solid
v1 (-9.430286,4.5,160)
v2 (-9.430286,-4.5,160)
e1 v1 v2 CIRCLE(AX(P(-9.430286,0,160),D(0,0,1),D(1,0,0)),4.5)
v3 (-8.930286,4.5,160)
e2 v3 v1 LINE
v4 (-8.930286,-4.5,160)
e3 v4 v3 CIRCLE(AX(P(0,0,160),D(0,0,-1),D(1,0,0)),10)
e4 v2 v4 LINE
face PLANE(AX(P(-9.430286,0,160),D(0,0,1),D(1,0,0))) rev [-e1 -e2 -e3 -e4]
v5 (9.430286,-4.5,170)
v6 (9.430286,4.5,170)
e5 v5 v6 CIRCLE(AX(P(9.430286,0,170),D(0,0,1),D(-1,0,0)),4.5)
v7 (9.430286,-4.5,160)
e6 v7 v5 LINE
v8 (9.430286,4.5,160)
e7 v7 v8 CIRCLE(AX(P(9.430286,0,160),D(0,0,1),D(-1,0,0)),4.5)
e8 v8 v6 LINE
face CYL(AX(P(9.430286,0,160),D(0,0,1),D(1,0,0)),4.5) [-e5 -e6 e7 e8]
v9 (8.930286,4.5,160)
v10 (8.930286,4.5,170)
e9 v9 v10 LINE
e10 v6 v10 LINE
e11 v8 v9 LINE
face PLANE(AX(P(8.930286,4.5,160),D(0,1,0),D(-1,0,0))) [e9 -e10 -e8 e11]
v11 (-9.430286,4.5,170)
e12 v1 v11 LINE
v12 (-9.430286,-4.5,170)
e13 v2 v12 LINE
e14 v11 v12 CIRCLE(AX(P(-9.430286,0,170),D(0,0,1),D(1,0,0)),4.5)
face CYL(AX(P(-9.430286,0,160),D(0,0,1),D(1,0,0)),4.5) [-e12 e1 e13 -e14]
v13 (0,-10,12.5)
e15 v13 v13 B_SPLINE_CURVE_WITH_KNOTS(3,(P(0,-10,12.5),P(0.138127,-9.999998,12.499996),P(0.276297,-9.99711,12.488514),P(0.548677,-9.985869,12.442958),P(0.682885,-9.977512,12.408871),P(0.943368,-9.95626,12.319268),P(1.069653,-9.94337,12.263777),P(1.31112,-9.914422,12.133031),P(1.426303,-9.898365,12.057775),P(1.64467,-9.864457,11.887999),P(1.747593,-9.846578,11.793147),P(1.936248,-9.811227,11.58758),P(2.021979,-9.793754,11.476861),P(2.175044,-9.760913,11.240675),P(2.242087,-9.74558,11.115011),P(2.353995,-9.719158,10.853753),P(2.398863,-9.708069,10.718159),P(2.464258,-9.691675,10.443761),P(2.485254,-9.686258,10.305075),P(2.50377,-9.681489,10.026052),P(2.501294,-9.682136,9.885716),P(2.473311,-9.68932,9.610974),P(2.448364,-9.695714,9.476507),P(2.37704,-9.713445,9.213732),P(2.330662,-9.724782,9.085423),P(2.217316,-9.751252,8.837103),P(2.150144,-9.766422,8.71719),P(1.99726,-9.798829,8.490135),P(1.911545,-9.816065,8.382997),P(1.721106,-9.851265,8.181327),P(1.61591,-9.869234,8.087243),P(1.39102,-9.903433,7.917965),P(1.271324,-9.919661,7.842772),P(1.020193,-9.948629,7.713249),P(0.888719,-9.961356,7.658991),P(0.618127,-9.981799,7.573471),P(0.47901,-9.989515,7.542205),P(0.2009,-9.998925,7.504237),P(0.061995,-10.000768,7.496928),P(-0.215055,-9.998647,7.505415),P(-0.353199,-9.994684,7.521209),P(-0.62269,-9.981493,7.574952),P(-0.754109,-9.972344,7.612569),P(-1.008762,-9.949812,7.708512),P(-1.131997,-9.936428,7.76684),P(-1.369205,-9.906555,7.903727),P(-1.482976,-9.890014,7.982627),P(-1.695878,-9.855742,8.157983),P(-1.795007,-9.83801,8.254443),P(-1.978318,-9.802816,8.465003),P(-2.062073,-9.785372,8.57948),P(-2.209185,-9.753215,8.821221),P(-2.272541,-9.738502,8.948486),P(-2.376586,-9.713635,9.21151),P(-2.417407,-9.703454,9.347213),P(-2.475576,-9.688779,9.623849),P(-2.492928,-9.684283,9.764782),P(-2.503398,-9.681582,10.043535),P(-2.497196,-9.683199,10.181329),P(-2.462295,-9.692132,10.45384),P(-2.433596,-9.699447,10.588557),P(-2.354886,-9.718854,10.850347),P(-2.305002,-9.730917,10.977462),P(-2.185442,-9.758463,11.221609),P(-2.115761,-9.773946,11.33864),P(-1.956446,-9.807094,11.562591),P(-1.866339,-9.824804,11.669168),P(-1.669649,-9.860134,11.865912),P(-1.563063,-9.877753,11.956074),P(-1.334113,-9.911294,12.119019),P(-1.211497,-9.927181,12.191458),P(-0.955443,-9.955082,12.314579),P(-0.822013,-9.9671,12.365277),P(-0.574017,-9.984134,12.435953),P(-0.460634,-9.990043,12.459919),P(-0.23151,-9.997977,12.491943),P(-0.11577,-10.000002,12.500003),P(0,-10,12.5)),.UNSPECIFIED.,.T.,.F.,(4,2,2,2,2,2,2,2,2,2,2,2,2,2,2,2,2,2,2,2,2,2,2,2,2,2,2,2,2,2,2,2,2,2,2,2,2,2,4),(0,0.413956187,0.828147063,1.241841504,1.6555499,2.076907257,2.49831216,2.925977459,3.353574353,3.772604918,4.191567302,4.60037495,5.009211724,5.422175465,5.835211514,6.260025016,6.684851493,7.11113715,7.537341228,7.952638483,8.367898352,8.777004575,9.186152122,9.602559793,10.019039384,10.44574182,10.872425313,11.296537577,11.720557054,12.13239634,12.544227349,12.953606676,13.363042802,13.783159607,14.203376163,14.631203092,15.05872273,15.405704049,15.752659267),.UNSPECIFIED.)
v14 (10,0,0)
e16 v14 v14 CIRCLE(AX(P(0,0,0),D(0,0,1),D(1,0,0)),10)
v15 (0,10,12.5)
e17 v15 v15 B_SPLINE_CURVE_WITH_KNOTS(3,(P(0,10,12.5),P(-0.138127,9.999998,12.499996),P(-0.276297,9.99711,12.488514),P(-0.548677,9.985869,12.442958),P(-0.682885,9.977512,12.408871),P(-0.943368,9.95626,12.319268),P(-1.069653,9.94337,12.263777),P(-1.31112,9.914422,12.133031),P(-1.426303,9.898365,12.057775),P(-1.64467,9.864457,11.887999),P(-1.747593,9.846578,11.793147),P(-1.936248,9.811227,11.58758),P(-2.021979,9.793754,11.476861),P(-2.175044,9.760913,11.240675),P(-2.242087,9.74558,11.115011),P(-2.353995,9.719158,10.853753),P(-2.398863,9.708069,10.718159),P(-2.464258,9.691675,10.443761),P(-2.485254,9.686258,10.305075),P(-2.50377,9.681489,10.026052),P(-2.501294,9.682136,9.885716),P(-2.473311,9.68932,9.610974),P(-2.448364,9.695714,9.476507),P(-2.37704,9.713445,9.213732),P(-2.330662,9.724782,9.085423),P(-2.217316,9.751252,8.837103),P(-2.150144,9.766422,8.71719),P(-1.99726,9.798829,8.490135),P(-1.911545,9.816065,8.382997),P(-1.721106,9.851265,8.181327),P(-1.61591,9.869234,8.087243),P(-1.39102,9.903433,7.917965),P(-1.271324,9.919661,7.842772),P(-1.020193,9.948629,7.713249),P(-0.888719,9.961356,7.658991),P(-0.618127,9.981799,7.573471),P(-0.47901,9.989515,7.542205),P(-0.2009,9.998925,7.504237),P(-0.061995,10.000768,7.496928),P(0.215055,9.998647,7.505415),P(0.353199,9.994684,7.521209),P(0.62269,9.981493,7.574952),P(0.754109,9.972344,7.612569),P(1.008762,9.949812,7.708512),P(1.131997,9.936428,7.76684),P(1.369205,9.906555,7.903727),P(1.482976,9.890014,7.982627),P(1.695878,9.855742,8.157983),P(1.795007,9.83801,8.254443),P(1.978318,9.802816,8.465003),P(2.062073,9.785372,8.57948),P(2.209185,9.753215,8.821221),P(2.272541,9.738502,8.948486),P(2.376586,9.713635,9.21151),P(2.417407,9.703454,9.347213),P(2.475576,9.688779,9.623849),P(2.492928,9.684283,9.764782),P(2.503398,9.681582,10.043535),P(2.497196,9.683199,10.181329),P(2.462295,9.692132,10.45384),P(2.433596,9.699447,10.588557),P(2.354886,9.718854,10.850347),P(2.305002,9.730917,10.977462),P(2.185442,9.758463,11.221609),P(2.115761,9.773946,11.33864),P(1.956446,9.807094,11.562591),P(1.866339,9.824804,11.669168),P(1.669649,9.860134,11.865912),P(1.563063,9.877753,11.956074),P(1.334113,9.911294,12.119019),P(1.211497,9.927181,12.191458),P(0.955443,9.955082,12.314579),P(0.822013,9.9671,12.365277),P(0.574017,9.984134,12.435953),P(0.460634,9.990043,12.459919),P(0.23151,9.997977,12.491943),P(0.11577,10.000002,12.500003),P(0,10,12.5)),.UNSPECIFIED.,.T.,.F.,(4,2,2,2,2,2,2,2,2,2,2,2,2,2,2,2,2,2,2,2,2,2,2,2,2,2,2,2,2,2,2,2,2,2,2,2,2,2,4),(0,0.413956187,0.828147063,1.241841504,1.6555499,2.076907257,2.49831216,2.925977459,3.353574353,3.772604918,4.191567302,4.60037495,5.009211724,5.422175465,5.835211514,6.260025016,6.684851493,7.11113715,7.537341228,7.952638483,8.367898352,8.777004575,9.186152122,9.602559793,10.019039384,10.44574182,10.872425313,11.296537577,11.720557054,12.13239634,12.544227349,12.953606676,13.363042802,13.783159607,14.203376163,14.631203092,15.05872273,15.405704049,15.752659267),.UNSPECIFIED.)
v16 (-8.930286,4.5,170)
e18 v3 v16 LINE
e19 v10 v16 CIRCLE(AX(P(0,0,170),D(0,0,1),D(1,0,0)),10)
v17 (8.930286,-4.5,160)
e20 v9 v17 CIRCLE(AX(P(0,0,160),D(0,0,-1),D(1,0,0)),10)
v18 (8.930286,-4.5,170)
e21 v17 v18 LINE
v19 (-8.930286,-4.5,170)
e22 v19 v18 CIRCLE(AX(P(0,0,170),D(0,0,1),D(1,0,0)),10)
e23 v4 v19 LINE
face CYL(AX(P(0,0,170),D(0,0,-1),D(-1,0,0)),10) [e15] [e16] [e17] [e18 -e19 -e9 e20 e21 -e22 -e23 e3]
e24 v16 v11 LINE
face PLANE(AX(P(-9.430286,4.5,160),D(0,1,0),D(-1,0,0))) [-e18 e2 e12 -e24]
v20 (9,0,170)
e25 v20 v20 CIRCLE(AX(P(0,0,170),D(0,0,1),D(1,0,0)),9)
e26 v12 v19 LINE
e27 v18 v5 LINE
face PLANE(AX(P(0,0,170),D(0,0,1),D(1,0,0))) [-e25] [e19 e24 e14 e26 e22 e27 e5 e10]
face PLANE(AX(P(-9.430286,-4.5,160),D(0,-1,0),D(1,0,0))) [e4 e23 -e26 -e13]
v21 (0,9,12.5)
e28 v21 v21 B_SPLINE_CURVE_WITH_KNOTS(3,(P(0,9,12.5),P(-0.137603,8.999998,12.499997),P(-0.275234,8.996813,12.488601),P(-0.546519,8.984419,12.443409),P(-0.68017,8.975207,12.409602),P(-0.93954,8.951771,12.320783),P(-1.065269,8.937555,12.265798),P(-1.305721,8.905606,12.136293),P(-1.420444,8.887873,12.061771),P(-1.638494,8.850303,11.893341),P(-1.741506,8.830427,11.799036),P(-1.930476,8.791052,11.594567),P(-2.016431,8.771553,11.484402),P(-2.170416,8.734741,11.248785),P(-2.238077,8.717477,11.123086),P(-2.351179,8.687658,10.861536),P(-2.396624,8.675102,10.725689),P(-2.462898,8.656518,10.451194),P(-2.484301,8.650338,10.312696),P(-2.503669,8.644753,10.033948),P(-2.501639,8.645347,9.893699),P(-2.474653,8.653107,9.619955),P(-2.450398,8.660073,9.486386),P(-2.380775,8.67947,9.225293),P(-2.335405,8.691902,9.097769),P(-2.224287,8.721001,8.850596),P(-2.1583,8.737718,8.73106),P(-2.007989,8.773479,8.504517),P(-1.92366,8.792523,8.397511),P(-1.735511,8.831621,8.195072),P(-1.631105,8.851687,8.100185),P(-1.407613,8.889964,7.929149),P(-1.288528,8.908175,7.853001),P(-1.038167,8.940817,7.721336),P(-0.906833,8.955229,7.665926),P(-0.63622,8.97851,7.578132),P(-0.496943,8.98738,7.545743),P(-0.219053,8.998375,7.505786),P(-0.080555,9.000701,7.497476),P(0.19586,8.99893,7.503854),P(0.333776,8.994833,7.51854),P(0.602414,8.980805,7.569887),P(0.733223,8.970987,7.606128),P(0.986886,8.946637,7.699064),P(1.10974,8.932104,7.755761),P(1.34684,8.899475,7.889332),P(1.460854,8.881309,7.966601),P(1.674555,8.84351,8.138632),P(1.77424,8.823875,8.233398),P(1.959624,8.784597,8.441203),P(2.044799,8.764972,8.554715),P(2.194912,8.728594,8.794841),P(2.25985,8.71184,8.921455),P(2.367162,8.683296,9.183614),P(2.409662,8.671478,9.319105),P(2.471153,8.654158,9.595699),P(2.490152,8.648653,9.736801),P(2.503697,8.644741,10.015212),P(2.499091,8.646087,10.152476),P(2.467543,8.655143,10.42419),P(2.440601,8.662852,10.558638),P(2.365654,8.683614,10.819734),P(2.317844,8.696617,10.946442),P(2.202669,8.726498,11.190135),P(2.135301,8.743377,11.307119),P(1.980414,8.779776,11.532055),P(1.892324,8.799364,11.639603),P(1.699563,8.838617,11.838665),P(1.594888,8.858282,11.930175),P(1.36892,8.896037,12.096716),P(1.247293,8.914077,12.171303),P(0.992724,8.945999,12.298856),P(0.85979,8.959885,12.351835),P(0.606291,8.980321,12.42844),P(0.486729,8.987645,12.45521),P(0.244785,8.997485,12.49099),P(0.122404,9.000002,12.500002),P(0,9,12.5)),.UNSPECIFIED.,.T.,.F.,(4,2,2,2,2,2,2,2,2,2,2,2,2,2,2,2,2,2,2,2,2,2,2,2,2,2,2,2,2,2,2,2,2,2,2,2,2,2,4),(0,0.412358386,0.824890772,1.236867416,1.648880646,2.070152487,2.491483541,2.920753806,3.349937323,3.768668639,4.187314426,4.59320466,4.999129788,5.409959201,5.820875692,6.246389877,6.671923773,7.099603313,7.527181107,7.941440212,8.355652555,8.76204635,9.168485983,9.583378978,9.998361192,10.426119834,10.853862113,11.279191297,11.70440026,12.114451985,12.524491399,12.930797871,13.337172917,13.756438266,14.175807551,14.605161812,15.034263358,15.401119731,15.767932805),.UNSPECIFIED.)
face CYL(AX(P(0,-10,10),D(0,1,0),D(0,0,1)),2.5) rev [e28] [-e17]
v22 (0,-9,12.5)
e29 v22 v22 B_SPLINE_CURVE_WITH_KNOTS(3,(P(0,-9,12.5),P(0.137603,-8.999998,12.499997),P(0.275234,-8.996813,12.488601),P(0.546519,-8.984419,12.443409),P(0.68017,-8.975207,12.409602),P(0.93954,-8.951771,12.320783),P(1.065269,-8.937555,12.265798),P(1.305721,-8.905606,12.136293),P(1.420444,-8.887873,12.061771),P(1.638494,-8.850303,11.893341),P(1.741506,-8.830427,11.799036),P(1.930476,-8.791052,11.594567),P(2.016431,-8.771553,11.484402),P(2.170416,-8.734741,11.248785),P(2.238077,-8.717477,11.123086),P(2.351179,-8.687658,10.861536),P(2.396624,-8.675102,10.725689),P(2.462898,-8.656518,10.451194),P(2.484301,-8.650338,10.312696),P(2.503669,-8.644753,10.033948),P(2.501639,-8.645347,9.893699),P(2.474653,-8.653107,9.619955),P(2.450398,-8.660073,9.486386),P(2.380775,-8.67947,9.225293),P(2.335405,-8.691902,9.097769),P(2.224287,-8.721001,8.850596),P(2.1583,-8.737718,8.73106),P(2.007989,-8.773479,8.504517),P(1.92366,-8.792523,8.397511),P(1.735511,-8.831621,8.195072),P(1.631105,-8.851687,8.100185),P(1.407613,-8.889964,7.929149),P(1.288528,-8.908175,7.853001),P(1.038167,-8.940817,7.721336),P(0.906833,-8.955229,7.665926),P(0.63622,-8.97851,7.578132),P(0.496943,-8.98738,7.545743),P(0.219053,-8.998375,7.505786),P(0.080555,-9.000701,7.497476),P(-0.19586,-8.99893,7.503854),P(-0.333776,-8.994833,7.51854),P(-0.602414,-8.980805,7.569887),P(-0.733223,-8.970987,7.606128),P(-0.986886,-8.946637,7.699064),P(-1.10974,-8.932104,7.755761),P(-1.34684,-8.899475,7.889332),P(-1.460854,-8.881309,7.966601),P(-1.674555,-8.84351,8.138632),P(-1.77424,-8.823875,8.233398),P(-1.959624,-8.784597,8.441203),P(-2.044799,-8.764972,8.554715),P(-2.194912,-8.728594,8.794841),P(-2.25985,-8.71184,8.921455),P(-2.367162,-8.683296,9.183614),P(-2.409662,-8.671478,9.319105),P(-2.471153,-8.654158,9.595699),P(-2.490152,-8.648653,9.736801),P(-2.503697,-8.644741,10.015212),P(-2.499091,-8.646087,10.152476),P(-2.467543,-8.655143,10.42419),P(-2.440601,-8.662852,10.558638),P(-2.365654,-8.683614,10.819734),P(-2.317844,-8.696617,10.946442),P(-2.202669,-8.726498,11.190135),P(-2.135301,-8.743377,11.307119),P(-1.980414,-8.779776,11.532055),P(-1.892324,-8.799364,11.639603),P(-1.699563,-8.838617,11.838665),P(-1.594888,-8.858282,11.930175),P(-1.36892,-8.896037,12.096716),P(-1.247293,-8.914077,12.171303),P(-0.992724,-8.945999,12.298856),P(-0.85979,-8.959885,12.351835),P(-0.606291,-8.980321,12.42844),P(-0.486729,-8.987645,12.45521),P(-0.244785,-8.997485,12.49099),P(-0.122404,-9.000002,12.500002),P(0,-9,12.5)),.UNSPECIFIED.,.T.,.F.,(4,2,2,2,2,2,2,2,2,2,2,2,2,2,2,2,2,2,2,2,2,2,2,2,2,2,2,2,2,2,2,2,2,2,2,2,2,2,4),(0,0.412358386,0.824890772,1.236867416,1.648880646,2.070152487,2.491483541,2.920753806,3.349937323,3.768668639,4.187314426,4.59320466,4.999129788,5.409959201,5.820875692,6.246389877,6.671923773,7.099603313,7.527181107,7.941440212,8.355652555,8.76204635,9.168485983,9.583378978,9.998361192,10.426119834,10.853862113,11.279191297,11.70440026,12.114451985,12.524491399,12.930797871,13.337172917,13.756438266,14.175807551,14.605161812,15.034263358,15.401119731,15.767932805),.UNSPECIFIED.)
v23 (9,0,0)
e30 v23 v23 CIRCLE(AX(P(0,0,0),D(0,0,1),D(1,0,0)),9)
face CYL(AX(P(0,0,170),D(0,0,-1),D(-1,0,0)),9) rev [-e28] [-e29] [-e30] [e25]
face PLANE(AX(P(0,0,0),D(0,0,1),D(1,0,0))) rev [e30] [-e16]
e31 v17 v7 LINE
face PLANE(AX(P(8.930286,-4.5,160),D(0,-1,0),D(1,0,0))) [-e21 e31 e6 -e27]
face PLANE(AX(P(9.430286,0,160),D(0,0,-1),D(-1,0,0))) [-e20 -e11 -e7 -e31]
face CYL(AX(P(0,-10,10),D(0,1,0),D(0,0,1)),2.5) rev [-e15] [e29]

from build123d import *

# Parameters (mm, degrees)
SKETCH1_R               = 10
SKETCH1_R_2             = 9
BOSS_EXTRUDE1_DEPTH     = 170
BOSS_EXTRUDE2_START     = -10
BOSS_EXTRUDE2_DEPTH     = 10
CUT_EXTRUDE1_DEPTH      = 171.862672505
CUT_EXTRUDE1_DEPTH_BACK = 171.862672505
SKETCH3_R               = 2.5


with BuildPart() as part:
    # Sketch1 → Boss-Extrude1 (new body)
    with BuildSketch(Plane.XY):
        Circle(SKETCH1_R)
        Circle(SKETCH1_R_2, mode=Mode.SUBTRACT)
    extrude(amount=BOSS_EXTRUDE1_DEPTH)

    # Sketch2 → Boss-Extrude2 (add)
    with BuildSketch(Plane.XY.offset(170).offset(BOSS_EXTRUDE2_START)):
        with BuildLine():
            Line((-9.43028555, 4.5), (-8.93028555, 4.5))
            ThreePointArc((-8.93028555, 4.5), (-10, 0), (-8.93028555, -4.5))
            Line((-8.93028555, -4.5), (-9.43028555, -4.5))
            ThreePointArc((-9.43028555, -4.5), (-13.93028555, 0), (-9.43028555, 4.5))
        make_face()
        with BuildLine():
            Line((8.93028555, 4.5), (9.43028555, 4.5))
            ThreePointArc((9.43028555, 4.5), (13.93028555, 0), (9.43028555, -4.5))
            Line((9.43028555, -4.5), (8.93028555, -4.5))
            ThreePointArc((8.93028555, -4.5), (10, 0), (8.93028555, 4.5))
        make_face()
    extrude(amount=BOSS_EXTRUDE2_DEPTH)

    # Sketch3 → Cut-Extrude1 (cut, two sides: drawn at the far end of the back side and taken through both)
    with BuildSketch(Plane(origin=(0, 0, 0), x_dir=(1, 0, 0), z_dir=(0, 1, 0)).offset(-CUT_EXTRUDE1_DEPTH_BACK)):
        with Locations(Location((0, -10, 0), (0, 0, 270))):
            Circle(SKETCH3_R)
    extrude(amount=CUT_EXTRUDE1_DEPTH + CUT_EXTRUDE1_DEPTH_BACK, mode=Mode.SUBTRACT)


solid = part.part
